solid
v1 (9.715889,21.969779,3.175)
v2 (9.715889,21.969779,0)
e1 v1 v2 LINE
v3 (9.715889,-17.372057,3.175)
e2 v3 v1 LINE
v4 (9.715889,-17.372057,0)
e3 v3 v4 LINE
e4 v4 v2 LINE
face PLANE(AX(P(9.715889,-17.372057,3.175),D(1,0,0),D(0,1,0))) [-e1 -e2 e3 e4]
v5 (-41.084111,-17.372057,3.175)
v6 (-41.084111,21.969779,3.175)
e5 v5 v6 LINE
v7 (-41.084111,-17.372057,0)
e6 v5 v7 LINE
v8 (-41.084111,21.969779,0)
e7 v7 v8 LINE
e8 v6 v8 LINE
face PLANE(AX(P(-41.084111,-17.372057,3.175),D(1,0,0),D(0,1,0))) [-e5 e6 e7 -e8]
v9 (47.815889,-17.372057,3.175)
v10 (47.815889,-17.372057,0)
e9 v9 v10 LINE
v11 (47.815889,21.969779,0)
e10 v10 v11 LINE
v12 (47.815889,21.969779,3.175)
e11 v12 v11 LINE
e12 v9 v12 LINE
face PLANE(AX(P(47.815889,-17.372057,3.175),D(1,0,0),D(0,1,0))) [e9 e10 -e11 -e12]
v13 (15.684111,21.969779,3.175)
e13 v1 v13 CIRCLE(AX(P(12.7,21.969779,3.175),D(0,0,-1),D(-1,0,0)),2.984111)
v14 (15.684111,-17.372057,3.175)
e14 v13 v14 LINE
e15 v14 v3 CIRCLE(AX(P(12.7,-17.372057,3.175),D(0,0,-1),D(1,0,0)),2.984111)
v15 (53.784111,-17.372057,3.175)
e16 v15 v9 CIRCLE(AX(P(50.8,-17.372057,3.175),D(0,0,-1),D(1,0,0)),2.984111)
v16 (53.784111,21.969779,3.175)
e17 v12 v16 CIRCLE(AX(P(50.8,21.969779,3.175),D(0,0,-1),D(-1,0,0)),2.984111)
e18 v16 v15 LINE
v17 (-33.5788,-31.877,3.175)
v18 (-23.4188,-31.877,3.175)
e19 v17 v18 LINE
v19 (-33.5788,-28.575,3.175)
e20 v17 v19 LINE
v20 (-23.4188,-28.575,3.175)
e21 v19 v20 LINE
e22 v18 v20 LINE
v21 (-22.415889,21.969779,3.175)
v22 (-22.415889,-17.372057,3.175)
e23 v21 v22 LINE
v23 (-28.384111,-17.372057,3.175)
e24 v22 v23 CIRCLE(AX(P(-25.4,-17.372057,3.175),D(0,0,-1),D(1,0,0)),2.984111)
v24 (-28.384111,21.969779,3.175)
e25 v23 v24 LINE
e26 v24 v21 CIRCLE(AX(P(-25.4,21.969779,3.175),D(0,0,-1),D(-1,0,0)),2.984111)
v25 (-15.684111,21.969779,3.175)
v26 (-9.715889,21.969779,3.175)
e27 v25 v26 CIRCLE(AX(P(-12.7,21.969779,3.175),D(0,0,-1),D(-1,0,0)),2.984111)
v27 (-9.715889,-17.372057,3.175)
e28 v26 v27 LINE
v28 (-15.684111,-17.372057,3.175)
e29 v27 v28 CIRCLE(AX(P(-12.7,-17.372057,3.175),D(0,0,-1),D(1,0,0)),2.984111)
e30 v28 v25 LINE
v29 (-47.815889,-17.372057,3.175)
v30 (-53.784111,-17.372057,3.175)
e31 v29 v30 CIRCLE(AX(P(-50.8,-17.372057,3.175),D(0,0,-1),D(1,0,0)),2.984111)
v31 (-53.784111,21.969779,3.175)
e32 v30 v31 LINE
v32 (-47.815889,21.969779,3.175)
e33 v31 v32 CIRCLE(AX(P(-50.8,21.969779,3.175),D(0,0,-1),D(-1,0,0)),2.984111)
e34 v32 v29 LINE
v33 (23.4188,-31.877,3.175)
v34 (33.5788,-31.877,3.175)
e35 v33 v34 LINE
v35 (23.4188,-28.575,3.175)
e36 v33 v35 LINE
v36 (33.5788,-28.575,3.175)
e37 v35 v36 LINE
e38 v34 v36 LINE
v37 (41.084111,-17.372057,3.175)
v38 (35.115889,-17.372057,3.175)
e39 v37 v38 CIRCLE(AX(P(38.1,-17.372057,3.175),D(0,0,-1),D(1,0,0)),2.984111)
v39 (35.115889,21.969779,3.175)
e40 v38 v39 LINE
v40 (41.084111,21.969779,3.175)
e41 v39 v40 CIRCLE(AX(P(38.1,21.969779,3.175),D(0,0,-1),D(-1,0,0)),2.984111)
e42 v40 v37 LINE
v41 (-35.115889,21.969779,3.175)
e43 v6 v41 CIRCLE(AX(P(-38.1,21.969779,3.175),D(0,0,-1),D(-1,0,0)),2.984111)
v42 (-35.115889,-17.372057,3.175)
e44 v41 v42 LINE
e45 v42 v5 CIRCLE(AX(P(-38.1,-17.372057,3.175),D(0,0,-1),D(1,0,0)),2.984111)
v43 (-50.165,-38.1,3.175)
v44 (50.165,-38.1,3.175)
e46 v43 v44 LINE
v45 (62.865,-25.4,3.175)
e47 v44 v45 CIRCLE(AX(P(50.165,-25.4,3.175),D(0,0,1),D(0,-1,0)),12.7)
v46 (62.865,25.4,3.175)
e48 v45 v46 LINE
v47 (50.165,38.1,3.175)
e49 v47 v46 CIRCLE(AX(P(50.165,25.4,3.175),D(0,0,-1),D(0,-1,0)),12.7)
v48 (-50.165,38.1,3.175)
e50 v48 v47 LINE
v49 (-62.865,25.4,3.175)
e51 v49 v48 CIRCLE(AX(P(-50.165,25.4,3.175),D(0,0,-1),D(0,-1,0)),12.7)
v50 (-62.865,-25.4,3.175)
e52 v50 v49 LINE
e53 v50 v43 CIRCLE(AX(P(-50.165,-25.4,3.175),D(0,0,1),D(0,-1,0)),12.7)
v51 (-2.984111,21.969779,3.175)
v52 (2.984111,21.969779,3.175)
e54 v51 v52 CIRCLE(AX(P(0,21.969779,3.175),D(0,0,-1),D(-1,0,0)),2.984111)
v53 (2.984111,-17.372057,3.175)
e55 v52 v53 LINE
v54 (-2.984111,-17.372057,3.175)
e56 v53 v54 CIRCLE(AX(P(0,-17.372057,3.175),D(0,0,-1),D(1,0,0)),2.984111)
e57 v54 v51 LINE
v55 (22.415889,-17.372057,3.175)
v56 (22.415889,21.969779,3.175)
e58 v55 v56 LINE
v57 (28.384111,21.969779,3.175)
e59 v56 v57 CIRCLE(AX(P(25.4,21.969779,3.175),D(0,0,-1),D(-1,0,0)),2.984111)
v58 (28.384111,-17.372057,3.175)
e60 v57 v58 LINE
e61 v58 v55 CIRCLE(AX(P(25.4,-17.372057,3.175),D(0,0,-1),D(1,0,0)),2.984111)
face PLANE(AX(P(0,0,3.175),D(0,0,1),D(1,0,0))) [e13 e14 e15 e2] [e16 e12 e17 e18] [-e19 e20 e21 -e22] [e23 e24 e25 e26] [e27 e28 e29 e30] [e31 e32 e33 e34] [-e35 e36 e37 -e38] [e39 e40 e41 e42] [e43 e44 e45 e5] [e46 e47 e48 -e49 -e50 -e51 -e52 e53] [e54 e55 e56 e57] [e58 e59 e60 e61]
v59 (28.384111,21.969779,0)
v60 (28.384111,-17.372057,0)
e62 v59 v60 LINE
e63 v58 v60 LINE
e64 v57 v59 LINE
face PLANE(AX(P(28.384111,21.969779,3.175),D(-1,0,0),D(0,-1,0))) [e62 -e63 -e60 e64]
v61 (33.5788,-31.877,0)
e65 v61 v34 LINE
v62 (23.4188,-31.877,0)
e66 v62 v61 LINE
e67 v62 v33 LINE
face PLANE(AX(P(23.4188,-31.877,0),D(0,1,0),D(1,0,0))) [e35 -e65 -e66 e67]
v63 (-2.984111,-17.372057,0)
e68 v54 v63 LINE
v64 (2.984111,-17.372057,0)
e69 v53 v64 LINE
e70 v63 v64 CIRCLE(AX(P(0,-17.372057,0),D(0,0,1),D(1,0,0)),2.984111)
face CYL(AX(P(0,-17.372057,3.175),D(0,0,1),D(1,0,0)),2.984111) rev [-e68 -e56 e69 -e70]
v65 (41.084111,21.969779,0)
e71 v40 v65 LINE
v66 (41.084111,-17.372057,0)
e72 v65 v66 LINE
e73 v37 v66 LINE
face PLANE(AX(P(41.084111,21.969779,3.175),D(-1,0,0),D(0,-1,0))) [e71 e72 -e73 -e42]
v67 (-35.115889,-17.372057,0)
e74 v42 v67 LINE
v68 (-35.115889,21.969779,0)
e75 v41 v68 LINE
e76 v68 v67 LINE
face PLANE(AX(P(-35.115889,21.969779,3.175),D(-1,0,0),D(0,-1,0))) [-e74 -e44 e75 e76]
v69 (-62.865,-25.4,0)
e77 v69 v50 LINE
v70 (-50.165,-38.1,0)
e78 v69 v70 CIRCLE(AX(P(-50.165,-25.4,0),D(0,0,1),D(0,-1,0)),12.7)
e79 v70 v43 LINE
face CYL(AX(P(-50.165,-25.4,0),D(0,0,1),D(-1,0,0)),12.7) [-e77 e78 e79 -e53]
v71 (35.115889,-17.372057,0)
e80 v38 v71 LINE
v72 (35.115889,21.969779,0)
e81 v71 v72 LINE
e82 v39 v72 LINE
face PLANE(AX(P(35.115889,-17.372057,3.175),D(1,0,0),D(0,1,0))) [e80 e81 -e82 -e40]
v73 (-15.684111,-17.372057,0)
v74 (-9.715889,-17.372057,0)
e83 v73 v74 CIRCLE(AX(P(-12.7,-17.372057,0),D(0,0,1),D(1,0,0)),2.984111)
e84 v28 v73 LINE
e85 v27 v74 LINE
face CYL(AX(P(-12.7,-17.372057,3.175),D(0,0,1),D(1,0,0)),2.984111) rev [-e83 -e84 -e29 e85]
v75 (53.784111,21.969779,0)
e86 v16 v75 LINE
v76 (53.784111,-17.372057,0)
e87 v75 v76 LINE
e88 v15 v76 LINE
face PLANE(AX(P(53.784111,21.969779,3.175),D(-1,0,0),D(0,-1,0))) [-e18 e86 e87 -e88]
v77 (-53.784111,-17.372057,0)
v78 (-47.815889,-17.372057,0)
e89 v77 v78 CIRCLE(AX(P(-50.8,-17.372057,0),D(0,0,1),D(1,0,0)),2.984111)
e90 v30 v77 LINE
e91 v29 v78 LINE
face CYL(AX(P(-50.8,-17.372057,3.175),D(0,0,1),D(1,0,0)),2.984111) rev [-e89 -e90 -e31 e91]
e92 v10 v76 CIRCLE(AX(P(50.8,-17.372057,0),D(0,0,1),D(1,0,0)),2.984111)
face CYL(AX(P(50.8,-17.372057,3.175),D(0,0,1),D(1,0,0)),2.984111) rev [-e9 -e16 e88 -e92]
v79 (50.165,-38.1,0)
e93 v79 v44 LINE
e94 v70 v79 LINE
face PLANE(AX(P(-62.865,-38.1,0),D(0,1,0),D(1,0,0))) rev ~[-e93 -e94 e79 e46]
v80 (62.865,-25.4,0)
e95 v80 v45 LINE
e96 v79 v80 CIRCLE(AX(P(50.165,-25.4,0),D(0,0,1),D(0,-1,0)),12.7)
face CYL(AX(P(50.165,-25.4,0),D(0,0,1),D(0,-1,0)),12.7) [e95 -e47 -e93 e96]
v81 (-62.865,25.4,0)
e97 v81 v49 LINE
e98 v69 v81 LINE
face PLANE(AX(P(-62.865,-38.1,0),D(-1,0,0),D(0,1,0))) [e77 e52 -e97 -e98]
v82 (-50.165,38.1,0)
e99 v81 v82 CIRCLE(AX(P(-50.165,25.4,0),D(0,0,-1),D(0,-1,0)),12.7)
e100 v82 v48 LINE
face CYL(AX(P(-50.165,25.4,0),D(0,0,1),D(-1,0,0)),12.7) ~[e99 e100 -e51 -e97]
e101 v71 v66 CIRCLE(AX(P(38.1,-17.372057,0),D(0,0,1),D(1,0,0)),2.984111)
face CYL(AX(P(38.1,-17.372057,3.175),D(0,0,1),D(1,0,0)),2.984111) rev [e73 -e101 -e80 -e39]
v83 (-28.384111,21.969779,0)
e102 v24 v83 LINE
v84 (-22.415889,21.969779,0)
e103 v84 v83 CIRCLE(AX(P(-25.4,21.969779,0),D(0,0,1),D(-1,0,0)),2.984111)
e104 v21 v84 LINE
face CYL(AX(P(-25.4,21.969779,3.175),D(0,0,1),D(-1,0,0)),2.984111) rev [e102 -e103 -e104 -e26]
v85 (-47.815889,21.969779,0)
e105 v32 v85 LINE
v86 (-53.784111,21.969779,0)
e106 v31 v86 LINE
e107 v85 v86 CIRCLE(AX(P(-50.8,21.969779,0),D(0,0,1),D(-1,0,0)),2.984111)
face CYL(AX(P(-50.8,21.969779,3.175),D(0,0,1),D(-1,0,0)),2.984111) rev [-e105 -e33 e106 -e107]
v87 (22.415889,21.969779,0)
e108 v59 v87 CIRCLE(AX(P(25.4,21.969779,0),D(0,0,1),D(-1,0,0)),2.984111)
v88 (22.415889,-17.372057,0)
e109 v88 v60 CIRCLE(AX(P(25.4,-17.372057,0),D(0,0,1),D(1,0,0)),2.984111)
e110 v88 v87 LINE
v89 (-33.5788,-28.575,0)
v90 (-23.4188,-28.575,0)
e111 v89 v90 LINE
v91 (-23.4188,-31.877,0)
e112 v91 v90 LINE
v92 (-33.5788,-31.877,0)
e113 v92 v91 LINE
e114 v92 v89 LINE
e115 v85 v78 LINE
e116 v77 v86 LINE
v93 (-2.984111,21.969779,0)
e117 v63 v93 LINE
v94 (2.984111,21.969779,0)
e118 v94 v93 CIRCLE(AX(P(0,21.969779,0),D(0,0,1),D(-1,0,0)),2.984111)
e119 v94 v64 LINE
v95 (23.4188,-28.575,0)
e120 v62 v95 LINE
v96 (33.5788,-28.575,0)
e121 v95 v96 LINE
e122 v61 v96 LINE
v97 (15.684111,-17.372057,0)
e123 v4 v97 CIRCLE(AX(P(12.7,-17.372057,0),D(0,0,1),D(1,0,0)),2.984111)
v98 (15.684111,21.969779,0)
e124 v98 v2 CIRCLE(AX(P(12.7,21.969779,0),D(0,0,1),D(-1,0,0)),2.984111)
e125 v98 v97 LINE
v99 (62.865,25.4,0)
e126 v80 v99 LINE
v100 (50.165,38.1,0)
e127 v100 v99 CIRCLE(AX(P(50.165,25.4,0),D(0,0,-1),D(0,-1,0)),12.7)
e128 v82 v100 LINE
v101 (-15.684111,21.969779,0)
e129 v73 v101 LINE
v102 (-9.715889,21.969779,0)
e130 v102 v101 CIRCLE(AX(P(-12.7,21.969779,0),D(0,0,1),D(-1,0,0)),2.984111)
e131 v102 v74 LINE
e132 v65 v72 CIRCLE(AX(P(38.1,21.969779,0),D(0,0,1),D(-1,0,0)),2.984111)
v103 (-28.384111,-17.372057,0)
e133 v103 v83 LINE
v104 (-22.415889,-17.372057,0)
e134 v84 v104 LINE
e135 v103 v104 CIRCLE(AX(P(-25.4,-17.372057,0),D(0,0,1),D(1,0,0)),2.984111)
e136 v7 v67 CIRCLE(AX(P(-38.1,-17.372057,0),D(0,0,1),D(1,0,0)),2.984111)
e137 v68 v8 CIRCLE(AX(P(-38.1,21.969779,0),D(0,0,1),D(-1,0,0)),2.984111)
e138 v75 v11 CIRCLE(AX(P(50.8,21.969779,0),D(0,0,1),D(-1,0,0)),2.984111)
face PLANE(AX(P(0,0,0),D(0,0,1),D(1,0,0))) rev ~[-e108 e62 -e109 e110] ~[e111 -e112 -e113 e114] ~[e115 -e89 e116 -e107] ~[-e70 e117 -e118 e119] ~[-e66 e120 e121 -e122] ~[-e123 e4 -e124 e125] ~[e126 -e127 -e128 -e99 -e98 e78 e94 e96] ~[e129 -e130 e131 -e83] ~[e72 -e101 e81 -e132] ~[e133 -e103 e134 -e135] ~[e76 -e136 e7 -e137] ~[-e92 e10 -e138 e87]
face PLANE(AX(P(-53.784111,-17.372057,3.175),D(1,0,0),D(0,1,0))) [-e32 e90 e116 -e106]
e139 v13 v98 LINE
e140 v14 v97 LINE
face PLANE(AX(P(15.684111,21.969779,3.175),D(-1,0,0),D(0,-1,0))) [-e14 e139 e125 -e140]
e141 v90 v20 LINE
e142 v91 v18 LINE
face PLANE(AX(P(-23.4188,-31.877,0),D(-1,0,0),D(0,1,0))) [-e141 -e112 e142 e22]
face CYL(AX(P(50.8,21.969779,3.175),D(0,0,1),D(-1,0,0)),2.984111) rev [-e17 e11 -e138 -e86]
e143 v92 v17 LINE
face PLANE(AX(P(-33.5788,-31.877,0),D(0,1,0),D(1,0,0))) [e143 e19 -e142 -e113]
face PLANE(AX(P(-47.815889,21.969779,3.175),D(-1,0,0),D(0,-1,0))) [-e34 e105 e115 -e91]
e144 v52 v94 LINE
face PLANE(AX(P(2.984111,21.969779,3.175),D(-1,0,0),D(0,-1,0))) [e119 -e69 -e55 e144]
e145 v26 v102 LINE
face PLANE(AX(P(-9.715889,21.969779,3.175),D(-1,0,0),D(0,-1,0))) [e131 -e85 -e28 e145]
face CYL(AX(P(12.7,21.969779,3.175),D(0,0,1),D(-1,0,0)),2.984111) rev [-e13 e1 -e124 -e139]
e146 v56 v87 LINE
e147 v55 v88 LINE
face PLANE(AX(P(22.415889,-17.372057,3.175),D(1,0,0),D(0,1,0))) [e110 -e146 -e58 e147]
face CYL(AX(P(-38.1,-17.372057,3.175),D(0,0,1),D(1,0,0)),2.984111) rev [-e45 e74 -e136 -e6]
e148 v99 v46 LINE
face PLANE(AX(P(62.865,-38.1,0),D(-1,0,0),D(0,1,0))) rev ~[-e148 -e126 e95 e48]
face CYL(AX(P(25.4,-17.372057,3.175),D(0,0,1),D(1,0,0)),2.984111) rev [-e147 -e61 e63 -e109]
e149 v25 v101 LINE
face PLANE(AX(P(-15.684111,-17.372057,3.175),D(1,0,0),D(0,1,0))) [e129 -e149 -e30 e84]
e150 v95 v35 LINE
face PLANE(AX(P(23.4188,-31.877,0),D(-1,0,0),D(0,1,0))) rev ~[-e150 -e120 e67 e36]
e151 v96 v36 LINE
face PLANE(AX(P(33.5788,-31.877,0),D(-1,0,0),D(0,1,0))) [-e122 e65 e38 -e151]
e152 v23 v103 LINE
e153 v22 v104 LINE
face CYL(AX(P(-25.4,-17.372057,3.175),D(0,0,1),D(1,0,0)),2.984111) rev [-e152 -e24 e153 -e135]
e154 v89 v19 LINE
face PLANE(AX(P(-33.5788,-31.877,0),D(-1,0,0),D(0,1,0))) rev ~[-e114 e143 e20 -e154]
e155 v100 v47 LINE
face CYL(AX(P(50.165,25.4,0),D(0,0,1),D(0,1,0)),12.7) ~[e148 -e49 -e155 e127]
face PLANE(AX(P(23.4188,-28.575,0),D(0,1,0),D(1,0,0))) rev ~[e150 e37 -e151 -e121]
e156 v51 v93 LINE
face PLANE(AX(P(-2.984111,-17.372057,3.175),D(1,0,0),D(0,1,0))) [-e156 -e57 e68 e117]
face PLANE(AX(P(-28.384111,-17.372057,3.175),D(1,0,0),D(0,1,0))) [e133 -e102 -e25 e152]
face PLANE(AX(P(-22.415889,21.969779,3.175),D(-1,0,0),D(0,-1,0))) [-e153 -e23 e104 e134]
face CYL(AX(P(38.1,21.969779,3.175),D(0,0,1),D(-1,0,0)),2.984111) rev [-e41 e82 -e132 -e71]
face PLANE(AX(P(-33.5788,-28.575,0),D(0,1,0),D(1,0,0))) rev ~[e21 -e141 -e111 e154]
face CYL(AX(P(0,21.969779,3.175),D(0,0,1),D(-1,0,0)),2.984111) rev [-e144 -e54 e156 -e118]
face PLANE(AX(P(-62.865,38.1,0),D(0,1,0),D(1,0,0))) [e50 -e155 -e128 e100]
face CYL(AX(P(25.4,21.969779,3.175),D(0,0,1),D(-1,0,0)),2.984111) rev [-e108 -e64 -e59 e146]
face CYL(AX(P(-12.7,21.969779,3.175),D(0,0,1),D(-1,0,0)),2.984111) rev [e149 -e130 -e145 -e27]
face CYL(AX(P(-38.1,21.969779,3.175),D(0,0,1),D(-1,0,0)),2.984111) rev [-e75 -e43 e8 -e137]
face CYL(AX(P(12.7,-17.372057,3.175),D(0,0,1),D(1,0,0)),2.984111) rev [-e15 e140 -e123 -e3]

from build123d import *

# Parameters (mm, degrees)
SKETCH1_W           = 125.73
SKETCH1_H           = 76.2
SKETCH1_W_2         = 10.16
SKETCH1_H_2         = 3.302
BOSS_EXTRUDE1_DEPTH = 3.175
FILLET1_R           = 12.7
CUT_EXTRUDE2_DEPTH  = 74.577842113


with BuildPart() as part:
    # Sketch1 → Boss-Extrude1 (new body)
    with BuildSketch(Plane.XY):
        Rectangle(SKETCH1_W, SKETCH1_H)
        with Locations((-28.4988, -30.226)):
            Rectangle(SKETCH1_W_2, SKETCH1_H_2, mode=Mode.SUBTRACT)
        with Locations((28.4988, -30.226)):
            Rectangle(SKETCH1_W_2, SKETCH1_H_2, mode=Mode.SUBTRACT)
    extrude(amount=BOSS_EXTRUDE1_DEPTH)

    # Fillet1
    fillet1_edges = [part.edges().sort_by_distance(p)[0] for p in [
        (62.865, -38.1, 1.5875),
        (-62.865, -38.1, 1.5875),
        (-62.865, 38.1, 1.5875),
        (62.865, 38.1, 1.5875),
    ]]
    fillet(fillet1_edges, radius=FILLET1_R)

    # Sketch5 → Cut-Extrude2 (cut, through all)
    with BuildSketch(Plane.XY.offset(3.175)):
        with BuildLine():
            Line((2.984111333, 21.969779064), (2.984111333, -17.372056987))
            ThreePointArc((2.984111333, -17.372056987), (0, -20.35616832), (-2.984111333, -17.372056987))
            Line((-2.984111333, -17.372056987), (-2.984111333, 21.969779064))
            ThreePointArc((-2.984111333, 21.969779064), (0, 24.953890397), (2.984111333, 21.969779064))
        make_face()
        with BuildLine():
            Line((15.684111333, 21.969779064), (15.684111333, -17.372056987))
            ThreePointArc((15.684111333, -17.372056987), (12.7, -20.35616832), (9.715888667, -17.372056987))
            Line((9.715888667, -17.372056987), (9.715888667, 21.969779064))
            ThreePointArc((9.715888667, 21.969779064), (12.7, 24.953890397), (15.684111333, 21.969779064))
        make_face()
        with BuildLine():
            Line((28.384111333, 21.969779064), (28.384111333, -17.372056987))
            ThreePointArc((28.384111333, -17.372056987), (25.4, -20.35616832), (22.415888667, -17.372056987))
            Line((22.415888667, -17.372056987), (22.415888667, 21.969779064))
            ThreePointArc((22.415888667, 21.969779064), (25.4, 24.953890397), (28.384111333, 21.969779064))
        make_face()
        with BuildLine():
            Line((41.084111333, 21.969779064), (41.084111333, -17.372056987))
            ThreePointArc((41.084111333, -17.372056987), (38.1, -20.35616832), (35.115888667, -17.372056987))
            Line((35.115888667, -17.372056987), (35.115888667, 21.969779064))
            ThreePointArc((35.115888667, 21.969779064), (38.1, 24.953890397), (41.084111333, 21.969779064))
        make_face()
        with BuildLine():
            Line((53.784111333, 21.969779064), (53.784111333, -17.372056987))
            ThreePointArc((53.784111333, -17.372056987), (50.8, -20.35616832), (47.815888667, -17.372056987))
            Line((47.815888667, -17.372056987), (47.815888667, 21.969779064))
            ThreePointArc((47.815888667, 21.969779064), (50.8, 24.953890397), (53.784111333, 21.969779064))
        make_face()
        with BuildLine():
            Line((-9.715888667, 21.969779064), (-9.715888667, -17.372056987))
            ThreePointArc((-9.715888667, -17.372056987), (-12.7, -20.35616832), (-15.684111333, -17.372056987))
            Line((-15.684111333, -17.372056987), (-15.684111333, 21.969779064))
            ThreePointArc((-15.684111333, 21.969779064), (-12.7, 24.953890397), (-9.715888667, 21.969779064))
        make_face()
        with BuildLine():
            Line((-22.415888667, 21.969779064), (-22.415888667, -17.372056987))
            ThreePointArc((-22.415888667, -17.372056987), (-25.4, -20.35616832), (-28.384111333, -17.372056987))
            Line((-28.384111333, -17.372056987), (-28.384111333, 21.969779064))
            ThreePointArc((-28.384111333, 21.969779064), (-25.4, 24.953890397), (-22.415888667, 21.969779064))
        make_face()
        with BuildLine():
            Line((-35.115888667, 21.969779064), (-35.115888667, -17.372056987))
            ThreePointArc((-35.115888667, -17.372056987), (-38.1, -20.35616832), (-41.084111333, -17.372056987))
            Line((-41.084111333, -17.372056987), (-41.084111333, 21.969779064))
            ThreePointArc((-41.084111333, 21.969779064), (-38.1, 24.953890397), (-35.115888667, 21.969779064))
        make_face()
        with BuildLine():
            Line((-47.815888667, 21.969779064), (-47.815888667, -17.372056987))
            ThreePointArc((-47.815888667, -17.372056987), (-50.8, -20.35616832), (-53.784111333, -17.372056987))
            Line((-53.784111333, -17.372056987), (-53.784111333, 21.969779064))
            ThreePointArc((-53.784111333, 21.969779064), (-50.8, 24.953890397), (-47.815888667, 21.969779064))
        make_face()
    extrude(amount=-CUT_EXTRUDE2_DEPTH, mode=Mode.SUBTRACT)


solid = part.part
